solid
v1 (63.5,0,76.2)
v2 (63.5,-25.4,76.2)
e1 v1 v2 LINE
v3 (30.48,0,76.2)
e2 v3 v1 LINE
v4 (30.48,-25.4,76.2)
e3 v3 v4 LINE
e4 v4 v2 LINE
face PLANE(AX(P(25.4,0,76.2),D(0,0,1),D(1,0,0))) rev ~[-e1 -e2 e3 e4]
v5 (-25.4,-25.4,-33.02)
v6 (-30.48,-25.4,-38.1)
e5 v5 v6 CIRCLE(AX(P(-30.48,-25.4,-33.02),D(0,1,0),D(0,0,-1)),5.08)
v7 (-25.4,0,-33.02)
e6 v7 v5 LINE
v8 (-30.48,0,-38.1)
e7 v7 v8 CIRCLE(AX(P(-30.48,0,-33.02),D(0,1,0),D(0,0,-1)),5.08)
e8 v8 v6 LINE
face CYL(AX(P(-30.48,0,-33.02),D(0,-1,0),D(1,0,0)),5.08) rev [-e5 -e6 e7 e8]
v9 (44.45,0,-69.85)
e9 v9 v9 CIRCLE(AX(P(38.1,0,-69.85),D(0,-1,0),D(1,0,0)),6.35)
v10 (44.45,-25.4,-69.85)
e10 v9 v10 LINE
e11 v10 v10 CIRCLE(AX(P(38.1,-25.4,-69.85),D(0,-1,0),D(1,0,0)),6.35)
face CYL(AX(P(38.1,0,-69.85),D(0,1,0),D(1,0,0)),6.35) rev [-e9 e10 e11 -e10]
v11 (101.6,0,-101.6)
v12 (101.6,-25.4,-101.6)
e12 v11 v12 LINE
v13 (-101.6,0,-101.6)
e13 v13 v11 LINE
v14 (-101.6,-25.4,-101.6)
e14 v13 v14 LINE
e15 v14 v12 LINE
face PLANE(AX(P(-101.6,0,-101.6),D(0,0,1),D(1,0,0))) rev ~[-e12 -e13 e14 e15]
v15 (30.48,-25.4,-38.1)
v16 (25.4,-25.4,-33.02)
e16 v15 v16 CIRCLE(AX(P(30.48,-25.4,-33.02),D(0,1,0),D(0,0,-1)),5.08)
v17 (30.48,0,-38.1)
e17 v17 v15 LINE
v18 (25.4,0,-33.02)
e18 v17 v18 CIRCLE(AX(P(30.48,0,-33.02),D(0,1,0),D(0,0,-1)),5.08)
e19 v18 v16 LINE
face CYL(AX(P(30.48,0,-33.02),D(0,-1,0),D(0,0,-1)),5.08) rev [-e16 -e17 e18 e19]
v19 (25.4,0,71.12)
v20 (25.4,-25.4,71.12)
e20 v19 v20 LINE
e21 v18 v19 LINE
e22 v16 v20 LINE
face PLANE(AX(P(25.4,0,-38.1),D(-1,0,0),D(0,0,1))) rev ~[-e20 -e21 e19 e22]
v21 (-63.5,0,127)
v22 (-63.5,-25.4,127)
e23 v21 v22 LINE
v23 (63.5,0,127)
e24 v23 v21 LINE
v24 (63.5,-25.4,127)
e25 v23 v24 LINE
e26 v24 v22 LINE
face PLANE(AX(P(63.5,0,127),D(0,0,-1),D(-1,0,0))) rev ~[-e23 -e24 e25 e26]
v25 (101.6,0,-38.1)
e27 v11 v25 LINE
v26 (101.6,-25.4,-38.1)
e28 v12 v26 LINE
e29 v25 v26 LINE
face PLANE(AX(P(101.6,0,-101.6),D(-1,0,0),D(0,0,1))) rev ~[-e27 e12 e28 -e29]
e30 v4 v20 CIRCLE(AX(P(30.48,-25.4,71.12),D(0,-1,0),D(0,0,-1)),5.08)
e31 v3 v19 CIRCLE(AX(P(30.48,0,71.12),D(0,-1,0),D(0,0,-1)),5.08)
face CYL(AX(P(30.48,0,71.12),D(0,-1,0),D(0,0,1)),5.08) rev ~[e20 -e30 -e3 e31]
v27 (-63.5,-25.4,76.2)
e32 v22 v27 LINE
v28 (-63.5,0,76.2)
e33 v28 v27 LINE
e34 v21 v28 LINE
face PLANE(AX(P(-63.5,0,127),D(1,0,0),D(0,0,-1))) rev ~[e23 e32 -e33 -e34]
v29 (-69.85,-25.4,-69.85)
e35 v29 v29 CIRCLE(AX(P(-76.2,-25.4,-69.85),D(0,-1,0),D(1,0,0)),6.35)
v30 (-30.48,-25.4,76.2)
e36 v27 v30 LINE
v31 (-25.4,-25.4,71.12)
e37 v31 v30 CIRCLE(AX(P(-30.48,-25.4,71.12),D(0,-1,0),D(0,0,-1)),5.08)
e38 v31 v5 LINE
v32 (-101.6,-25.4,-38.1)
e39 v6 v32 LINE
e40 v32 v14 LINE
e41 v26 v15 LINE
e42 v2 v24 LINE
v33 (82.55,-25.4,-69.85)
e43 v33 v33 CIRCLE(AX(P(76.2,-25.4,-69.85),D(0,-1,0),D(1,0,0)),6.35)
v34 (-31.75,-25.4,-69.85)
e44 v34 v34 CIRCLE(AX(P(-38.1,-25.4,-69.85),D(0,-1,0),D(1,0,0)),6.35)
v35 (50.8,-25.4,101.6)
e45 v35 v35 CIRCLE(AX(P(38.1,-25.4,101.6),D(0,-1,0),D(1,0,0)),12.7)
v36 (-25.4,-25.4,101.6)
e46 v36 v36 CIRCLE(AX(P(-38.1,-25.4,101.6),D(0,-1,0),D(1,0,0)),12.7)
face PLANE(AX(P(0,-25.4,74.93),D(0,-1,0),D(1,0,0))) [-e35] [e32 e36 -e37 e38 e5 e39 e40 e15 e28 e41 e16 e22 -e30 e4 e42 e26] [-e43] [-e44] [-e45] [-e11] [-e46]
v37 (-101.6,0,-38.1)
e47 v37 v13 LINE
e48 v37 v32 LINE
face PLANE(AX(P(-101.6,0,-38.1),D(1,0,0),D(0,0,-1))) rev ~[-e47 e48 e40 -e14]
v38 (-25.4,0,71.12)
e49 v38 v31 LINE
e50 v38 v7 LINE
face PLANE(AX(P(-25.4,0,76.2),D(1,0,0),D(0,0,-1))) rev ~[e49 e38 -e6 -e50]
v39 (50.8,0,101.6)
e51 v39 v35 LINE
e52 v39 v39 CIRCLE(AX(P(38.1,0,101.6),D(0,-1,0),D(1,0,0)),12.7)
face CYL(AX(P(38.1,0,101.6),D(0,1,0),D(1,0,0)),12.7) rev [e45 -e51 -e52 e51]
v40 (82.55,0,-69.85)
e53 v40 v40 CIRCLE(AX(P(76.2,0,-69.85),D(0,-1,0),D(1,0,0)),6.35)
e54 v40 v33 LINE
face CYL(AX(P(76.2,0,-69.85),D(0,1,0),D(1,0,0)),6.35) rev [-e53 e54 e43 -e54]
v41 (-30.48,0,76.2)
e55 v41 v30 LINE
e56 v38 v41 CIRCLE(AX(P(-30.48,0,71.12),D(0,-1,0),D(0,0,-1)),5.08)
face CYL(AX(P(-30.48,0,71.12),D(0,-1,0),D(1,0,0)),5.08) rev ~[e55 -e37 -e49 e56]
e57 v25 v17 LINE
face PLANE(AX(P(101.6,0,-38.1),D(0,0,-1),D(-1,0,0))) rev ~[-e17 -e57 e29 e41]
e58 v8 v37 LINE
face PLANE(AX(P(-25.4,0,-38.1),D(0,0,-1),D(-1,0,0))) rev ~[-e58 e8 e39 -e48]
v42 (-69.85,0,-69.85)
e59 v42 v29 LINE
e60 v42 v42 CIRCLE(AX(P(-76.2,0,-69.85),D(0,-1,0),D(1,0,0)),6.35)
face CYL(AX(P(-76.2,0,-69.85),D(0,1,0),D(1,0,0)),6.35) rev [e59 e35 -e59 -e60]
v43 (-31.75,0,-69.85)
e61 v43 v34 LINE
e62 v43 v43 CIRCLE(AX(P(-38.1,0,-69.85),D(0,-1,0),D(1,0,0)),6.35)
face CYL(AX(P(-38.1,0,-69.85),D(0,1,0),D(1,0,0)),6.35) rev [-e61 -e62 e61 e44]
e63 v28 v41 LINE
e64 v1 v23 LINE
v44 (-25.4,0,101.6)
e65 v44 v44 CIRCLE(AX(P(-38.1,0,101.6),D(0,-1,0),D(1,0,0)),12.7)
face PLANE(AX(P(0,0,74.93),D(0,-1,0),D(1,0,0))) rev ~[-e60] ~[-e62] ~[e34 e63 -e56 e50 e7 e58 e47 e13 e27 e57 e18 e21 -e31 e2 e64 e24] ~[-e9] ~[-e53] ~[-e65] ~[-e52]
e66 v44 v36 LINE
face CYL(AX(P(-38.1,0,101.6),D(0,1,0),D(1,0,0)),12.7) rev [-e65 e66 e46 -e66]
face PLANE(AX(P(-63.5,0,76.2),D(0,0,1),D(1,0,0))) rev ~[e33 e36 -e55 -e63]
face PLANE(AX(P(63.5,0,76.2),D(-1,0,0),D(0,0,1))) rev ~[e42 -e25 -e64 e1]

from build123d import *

# Parameters (mm, degrees)
F0_R     = 12.7
F0_R_2   = 6.35
F1_DEPTH = 25.4
F2_R     = 5.08


with BuildPart() as f1:
    # F0 (on Front) → F1 (new body)
    with BuildSketch(Plane.XZ):
        Polygon((-25.4, 0), (0, 0), (25.4, 0), (25.4, 76.2), (63.5, 76.2), (63.5, 127), (-63.5, 127), (-63.5, 76.2), (-25.4, 76.2), align=None)
        with Locations((-38.1, 101.6)):
            Circle(F0_R, mode=Mode.SUBTRACT)
        with Locations((38.1, 101.6)):
            Circle(F0_R, mode=Mode.SUBTRACT)
        Polygon((25.4, 0), (0, 0), (-25.4, 0), (-25.4, -38.1), (-101.6, -38.1), (-101.6, -101.6), (101.6, -101.6), (101.6, -38.1), (25.4, -38.1), align=None)
        with Locations((-76.2, -69.85)):
            Circle(F0_R_2, mode=Mode.SUBTRACT)
        with Locations((-38.1, -69.85)):
            Circle(F0_R_2, mode=Mode.SUBTRACT)
        with Locations((38.1, -69.85)):
            Circle(F0_R_2, mode=Mode.SUBTRACT)
        with Locations((76.2, -69.85)):
            Circle(F0_R_2, mode=Mode.SUBTRACT)
    extrude(amount=F1_DEPTH)

    # F2
    f2_edges = [f1.edges().sort_by_distance(p)[0] for p in [
        (-25.4, -12.7, 76.2),
        (-25.4, -12.7, -38.1),
        (25.4, -12.7, -38.1),
        (25.4, -12.7, 76.2),
    ]]
    fillet(f2_edges, radius=F2_R)


solid = f1.part
